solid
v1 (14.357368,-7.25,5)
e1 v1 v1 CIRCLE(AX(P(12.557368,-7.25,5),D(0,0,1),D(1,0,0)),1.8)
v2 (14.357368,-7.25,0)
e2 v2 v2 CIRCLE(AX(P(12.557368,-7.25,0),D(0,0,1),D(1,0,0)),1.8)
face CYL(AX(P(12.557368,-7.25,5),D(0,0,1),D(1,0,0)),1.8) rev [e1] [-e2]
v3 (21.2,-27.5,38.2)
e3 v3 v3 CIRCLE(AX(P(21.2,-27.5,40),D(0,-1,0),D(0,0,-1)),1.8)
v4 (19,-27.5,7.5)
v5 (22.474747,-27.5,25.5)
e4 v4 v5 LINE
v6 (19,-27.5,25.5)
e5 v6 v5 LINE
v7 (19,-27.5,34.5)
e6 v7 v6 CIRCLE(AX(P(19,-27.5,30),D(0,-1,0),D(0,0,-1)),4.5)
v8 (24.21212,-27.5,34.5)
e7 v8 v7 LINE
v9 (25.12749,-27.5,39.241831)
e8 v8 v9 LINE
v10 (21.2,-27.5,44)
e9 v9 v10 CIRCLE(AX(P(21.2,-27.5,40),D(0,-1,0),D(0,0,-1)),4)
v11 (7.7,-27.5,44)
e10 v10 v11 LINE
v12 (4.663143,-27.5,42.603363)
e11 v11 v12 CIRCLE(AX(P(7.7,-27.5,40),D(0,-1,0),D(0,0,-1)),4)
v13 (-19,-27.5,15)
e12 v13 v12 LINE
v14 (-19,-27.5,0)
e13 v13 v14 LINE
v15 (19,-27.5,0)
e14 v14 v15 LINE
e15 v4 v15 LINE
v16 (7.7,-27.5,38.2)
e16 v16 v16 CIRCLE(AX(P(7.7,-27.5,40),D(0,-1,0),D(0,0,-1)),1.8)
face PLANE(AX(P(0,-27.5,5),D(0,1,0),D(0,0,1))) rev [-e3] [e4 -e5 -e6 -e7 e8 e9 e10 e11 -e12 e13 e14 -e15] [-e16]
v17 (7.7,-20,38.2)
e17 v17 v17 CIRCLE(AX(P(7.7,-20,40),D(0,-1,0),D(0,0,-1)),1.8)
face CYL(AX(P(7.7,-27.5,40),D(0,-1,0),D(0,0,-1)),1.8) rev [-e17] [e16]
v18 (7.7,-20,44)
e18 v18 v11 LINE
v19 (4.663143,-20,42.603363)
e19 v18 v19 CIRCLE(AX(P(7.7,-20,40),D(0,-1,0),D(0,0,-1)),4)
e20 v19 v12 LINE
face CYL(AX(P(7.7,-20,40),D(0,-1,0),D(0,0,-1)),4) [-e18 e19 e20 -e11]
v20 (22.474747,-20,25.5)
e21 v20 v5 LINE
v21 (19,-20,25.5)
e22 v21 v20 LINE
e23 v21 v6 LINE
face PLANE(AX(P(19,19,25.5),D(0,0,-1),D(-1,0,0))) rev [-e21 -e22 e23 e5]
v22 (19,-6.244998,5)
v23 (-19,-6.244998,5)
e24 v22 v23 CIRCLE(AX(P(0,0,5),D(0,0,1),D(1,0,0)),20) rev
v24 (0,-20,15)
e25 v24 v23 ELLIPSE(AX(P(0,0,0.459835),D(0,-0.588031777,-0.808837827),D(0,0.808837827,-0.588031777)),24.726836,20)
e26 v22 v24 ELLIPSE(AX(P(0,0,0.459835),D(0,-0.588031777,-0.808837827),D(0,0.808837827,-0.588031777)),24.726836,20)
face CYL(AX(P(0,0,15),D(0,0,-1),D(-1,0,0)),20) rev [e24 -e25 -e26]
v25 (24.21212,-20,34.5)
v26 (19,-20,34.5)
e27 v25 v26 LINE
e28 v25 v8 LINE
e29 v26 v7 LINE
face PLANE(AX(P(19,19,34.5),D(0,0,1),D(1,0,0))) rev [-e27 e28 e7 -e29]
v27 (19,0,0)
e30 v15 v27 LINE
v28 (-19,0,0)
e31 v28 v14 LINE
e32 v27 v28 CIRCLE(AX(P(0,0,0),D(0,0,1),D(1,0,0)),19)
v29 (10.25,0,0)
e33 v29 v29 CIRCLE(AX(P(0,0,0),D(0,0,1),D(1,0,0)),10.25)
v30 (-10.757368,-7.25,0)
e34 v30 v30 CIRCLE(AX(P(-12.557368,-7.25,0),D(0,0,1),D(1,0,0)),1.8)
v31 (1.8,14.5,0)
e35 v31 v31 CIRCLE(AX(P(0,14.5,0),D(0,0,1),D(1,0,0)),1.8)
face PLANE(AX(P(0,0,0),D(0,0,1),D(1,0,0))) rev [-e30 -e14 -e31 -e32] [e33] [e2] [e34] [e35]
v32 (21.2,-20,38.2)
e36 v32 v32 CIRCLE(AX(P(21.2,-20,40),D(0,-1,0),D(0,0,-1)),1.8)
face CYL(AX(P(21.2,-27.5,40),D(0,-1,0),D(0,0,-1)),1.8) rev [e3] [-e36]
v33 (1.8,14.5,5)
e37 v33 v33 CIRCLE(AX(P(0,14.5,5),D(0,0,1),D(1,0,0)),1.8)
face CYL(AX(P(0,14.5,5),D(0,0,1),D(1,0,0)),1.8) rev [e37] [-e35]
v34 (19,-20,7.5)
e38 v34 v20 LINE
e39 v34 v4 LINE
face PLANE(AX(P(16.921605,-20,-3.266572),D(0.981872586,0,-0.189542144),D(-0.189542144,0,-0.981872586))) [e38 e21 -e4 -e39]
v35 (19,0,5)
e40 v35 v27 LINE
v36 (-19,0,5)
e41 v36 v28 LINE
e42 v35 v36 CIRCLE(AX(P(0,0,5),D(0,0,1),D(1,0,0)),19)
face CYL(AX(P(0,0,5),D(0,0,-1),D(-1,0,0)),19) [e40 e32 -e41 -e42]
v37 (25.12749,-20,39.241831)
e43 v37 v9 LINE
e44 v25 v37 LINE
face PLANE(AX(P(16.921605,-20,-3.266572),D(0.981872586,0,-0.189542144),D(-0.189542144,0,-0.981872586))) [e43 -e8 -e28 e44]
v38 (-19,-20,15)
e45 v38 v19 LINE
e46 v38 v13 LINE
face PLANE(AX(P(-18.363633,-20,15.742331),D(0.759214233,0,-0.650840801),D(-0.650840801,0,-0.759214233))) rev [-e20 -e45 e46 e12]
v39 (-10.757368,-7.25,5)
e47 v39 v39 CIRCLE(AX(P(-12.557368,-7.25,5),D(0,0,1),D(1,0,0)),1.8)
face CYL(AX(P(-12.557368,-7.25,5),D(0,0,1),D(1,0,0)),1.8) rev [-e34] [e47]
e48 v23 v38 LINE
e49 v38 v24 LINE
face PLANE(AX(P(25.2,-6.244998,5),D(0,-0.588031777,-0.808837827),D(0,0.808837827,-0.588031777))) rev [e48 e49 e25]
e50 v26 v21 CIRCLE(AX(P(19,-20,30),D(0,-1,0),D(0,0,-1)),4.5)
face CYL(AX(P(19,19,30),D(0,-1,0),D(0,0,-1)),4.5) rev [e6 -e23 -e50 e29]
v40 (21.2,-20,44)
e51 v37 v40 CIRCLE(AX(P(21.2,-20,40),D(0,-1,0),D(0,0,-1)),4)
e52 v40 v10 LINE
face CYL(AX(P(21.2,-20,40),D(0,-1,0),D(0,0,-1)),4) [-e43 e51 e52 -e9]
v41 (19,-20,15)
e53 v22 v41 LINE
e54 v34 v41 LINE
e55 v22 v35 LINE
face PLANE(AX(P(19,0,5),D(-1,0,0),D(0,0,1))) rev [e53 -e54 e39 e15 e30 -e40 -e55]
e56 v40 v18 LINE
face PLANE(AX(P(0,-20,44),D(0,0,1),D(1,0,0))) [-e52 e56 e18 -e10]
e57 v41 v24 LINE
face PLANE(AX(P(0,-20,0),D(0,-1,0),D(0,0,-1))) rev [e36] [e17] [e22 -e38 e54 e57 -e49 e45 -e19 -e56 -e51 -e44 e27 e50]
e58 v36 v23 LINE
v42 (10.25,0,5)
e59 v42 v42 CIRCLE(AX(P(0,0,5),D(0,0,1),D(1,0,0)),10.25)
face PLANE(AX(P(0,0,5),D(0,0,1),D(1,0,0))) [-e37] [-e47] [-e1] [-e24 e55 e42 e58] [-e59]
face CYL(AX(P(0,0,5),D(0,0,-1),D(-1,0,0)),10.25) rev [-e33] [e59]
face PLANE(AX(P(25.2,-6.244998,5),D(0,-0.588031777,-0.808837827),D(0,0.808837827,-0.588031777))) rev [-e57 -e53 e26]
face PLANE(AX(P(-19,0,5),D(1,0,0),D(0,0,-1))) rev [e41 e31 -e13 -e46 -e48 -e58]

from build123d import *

# Parameters (mm, degrees)
SKETCH1_R            = 10.25
BOSS_EXTRUDE1_DEPTH  = 5
M3_CLEARANCE_HOLE1_D = 3.6
CIRPATTERN1_COUNT    = 3
BOSS_EXTRUDE2_DEPTH  = 15
BOSS_EXTRUDE3_DEPTH  = 7.5
M3_CLEARANCE_HOLE2_D = 3.6
CUT_EXTRUDE1_DEPTH   = 45.2
CUT_EXTRUDE2_DEPTH   = 47.5


with BuildPart() as part:
    # Sketch1 → Boss-Extrude1 (new body)
    with BuildSketch(Plane.XY):
        with BuildLine():
            Line((19, -27.5), (19, 0))
            ThreePointArc((19, 0), (0, 19), (-19, 0))
            Line((-19, 0), (-19, -27.5))
            Line((-19, -27.5), (19, -27.5))
        make_face()
        Circle(SKETCH1_R, mode=Mode.SUBTRACT)
    extrude(amount=BOSS_EXTRUDE1_DEPTH)

    # M3 Clearance Hole1 (through all)
    with Locations(Plane.XY.offset(5)):
        with Locations((0, 14.5)):
            m3_clearance_hole1 = Hole(M3_CLEARANCE_HOLE1_D / 2)

    # CirPattern1: M3 Clearance Hole1 ×3 about axis
    cirpattern1_axis = Axis((0, 0, 0), (0, 0, 1))
    for i in range(1, CIRPATTERN1_COUNT):
        add(m3_clearance_hole1.rotate(cirpattern1_axis, i * 360 / CIRPATTERN1_COUNT), mode=Mode.SUBTRACT)

    # Sketch6 → Boss-Extrude2 (add)
    with BuildSketch(Plane.XY):
        with BuildLine():
            ThreePointArc((19, -6.244997998), (0, -20), (-19, -6.244997998))
            Line((-19, -6.244997998), (-19, -27.5))
            Line((-19, -27.5), (19, -27.5))
            Line((19, -27.5), (19, -6.244997998))
        make_face()
    extrude(amount=BOSS_EXTRUDE2_DEPTH)

    # Sketch7 → Boss-Extrude3 (add)
    with BuildSketch(Plane.XZ.offset(27.5)):
        with BuildLine():
            Line((19, 7.5), (25.127490345, 39.241831423))
            ThreePointArc((25.127490345, 39.241831423), (24.284856099, 42.546303761), (21.2, 44))
            Line((21.2, 44), (7.7, 44))
            ThreePointArc((7.7, 44), (6.028691054, 43.634105998), (4.663143067, 42.603363204))
            Line((4.663143067, 42.603363204), (-19, 15))
            Line((-19, 15), (19, 15))
            Line((19, 15), (19, 7.5))
        make_face()
    extrude(amount=-BOSS_EXTRUDE3_DEPTH)

    # M3 Clearance Hole2 (through all)
    with Locations(Plane(origin=(0, -27.5, 0), x_dir=(-1, 0, 0), z_dir=(0, -1, 0))):
        with Locations((-21.2, -40), (-7.7, -40)):
            Hole(M3_CLEARANCE_HOLE2_D / 2)

    # Sketch10 → Cut-Extrude1 (cut, through all)
    with BuildSketch(Plane.ZY.offset(19)):
        Polygon((5, -6.244997998), (15, -20), (15, -6.244997998), align=None)
    extrude(amount=-CUT_EXTRUDE1_DEPTH, mode=Mode.SUBTRACT)

    # Sketch11 → Cut-Extrude2 (cut, through all)
    with BuildSketch(Plane.XZ.offset(27.5)):
        with BuildLine():
            Line((19, 34.5), (24.212120155, 34.5))
            Line((24.212120155, 34.5), (22.47474677, 25.5))
            Line((22.47474677, 25.5), (19, 25.5))
            ThreePointArc((19, 25.5), (14.5, 30), (19, 34.5))
        make_face()
    extrude(amount=-CUT_EXTRUDE2_DEPTH, mode=Mode.SUBTRACT)


solid = part.part
